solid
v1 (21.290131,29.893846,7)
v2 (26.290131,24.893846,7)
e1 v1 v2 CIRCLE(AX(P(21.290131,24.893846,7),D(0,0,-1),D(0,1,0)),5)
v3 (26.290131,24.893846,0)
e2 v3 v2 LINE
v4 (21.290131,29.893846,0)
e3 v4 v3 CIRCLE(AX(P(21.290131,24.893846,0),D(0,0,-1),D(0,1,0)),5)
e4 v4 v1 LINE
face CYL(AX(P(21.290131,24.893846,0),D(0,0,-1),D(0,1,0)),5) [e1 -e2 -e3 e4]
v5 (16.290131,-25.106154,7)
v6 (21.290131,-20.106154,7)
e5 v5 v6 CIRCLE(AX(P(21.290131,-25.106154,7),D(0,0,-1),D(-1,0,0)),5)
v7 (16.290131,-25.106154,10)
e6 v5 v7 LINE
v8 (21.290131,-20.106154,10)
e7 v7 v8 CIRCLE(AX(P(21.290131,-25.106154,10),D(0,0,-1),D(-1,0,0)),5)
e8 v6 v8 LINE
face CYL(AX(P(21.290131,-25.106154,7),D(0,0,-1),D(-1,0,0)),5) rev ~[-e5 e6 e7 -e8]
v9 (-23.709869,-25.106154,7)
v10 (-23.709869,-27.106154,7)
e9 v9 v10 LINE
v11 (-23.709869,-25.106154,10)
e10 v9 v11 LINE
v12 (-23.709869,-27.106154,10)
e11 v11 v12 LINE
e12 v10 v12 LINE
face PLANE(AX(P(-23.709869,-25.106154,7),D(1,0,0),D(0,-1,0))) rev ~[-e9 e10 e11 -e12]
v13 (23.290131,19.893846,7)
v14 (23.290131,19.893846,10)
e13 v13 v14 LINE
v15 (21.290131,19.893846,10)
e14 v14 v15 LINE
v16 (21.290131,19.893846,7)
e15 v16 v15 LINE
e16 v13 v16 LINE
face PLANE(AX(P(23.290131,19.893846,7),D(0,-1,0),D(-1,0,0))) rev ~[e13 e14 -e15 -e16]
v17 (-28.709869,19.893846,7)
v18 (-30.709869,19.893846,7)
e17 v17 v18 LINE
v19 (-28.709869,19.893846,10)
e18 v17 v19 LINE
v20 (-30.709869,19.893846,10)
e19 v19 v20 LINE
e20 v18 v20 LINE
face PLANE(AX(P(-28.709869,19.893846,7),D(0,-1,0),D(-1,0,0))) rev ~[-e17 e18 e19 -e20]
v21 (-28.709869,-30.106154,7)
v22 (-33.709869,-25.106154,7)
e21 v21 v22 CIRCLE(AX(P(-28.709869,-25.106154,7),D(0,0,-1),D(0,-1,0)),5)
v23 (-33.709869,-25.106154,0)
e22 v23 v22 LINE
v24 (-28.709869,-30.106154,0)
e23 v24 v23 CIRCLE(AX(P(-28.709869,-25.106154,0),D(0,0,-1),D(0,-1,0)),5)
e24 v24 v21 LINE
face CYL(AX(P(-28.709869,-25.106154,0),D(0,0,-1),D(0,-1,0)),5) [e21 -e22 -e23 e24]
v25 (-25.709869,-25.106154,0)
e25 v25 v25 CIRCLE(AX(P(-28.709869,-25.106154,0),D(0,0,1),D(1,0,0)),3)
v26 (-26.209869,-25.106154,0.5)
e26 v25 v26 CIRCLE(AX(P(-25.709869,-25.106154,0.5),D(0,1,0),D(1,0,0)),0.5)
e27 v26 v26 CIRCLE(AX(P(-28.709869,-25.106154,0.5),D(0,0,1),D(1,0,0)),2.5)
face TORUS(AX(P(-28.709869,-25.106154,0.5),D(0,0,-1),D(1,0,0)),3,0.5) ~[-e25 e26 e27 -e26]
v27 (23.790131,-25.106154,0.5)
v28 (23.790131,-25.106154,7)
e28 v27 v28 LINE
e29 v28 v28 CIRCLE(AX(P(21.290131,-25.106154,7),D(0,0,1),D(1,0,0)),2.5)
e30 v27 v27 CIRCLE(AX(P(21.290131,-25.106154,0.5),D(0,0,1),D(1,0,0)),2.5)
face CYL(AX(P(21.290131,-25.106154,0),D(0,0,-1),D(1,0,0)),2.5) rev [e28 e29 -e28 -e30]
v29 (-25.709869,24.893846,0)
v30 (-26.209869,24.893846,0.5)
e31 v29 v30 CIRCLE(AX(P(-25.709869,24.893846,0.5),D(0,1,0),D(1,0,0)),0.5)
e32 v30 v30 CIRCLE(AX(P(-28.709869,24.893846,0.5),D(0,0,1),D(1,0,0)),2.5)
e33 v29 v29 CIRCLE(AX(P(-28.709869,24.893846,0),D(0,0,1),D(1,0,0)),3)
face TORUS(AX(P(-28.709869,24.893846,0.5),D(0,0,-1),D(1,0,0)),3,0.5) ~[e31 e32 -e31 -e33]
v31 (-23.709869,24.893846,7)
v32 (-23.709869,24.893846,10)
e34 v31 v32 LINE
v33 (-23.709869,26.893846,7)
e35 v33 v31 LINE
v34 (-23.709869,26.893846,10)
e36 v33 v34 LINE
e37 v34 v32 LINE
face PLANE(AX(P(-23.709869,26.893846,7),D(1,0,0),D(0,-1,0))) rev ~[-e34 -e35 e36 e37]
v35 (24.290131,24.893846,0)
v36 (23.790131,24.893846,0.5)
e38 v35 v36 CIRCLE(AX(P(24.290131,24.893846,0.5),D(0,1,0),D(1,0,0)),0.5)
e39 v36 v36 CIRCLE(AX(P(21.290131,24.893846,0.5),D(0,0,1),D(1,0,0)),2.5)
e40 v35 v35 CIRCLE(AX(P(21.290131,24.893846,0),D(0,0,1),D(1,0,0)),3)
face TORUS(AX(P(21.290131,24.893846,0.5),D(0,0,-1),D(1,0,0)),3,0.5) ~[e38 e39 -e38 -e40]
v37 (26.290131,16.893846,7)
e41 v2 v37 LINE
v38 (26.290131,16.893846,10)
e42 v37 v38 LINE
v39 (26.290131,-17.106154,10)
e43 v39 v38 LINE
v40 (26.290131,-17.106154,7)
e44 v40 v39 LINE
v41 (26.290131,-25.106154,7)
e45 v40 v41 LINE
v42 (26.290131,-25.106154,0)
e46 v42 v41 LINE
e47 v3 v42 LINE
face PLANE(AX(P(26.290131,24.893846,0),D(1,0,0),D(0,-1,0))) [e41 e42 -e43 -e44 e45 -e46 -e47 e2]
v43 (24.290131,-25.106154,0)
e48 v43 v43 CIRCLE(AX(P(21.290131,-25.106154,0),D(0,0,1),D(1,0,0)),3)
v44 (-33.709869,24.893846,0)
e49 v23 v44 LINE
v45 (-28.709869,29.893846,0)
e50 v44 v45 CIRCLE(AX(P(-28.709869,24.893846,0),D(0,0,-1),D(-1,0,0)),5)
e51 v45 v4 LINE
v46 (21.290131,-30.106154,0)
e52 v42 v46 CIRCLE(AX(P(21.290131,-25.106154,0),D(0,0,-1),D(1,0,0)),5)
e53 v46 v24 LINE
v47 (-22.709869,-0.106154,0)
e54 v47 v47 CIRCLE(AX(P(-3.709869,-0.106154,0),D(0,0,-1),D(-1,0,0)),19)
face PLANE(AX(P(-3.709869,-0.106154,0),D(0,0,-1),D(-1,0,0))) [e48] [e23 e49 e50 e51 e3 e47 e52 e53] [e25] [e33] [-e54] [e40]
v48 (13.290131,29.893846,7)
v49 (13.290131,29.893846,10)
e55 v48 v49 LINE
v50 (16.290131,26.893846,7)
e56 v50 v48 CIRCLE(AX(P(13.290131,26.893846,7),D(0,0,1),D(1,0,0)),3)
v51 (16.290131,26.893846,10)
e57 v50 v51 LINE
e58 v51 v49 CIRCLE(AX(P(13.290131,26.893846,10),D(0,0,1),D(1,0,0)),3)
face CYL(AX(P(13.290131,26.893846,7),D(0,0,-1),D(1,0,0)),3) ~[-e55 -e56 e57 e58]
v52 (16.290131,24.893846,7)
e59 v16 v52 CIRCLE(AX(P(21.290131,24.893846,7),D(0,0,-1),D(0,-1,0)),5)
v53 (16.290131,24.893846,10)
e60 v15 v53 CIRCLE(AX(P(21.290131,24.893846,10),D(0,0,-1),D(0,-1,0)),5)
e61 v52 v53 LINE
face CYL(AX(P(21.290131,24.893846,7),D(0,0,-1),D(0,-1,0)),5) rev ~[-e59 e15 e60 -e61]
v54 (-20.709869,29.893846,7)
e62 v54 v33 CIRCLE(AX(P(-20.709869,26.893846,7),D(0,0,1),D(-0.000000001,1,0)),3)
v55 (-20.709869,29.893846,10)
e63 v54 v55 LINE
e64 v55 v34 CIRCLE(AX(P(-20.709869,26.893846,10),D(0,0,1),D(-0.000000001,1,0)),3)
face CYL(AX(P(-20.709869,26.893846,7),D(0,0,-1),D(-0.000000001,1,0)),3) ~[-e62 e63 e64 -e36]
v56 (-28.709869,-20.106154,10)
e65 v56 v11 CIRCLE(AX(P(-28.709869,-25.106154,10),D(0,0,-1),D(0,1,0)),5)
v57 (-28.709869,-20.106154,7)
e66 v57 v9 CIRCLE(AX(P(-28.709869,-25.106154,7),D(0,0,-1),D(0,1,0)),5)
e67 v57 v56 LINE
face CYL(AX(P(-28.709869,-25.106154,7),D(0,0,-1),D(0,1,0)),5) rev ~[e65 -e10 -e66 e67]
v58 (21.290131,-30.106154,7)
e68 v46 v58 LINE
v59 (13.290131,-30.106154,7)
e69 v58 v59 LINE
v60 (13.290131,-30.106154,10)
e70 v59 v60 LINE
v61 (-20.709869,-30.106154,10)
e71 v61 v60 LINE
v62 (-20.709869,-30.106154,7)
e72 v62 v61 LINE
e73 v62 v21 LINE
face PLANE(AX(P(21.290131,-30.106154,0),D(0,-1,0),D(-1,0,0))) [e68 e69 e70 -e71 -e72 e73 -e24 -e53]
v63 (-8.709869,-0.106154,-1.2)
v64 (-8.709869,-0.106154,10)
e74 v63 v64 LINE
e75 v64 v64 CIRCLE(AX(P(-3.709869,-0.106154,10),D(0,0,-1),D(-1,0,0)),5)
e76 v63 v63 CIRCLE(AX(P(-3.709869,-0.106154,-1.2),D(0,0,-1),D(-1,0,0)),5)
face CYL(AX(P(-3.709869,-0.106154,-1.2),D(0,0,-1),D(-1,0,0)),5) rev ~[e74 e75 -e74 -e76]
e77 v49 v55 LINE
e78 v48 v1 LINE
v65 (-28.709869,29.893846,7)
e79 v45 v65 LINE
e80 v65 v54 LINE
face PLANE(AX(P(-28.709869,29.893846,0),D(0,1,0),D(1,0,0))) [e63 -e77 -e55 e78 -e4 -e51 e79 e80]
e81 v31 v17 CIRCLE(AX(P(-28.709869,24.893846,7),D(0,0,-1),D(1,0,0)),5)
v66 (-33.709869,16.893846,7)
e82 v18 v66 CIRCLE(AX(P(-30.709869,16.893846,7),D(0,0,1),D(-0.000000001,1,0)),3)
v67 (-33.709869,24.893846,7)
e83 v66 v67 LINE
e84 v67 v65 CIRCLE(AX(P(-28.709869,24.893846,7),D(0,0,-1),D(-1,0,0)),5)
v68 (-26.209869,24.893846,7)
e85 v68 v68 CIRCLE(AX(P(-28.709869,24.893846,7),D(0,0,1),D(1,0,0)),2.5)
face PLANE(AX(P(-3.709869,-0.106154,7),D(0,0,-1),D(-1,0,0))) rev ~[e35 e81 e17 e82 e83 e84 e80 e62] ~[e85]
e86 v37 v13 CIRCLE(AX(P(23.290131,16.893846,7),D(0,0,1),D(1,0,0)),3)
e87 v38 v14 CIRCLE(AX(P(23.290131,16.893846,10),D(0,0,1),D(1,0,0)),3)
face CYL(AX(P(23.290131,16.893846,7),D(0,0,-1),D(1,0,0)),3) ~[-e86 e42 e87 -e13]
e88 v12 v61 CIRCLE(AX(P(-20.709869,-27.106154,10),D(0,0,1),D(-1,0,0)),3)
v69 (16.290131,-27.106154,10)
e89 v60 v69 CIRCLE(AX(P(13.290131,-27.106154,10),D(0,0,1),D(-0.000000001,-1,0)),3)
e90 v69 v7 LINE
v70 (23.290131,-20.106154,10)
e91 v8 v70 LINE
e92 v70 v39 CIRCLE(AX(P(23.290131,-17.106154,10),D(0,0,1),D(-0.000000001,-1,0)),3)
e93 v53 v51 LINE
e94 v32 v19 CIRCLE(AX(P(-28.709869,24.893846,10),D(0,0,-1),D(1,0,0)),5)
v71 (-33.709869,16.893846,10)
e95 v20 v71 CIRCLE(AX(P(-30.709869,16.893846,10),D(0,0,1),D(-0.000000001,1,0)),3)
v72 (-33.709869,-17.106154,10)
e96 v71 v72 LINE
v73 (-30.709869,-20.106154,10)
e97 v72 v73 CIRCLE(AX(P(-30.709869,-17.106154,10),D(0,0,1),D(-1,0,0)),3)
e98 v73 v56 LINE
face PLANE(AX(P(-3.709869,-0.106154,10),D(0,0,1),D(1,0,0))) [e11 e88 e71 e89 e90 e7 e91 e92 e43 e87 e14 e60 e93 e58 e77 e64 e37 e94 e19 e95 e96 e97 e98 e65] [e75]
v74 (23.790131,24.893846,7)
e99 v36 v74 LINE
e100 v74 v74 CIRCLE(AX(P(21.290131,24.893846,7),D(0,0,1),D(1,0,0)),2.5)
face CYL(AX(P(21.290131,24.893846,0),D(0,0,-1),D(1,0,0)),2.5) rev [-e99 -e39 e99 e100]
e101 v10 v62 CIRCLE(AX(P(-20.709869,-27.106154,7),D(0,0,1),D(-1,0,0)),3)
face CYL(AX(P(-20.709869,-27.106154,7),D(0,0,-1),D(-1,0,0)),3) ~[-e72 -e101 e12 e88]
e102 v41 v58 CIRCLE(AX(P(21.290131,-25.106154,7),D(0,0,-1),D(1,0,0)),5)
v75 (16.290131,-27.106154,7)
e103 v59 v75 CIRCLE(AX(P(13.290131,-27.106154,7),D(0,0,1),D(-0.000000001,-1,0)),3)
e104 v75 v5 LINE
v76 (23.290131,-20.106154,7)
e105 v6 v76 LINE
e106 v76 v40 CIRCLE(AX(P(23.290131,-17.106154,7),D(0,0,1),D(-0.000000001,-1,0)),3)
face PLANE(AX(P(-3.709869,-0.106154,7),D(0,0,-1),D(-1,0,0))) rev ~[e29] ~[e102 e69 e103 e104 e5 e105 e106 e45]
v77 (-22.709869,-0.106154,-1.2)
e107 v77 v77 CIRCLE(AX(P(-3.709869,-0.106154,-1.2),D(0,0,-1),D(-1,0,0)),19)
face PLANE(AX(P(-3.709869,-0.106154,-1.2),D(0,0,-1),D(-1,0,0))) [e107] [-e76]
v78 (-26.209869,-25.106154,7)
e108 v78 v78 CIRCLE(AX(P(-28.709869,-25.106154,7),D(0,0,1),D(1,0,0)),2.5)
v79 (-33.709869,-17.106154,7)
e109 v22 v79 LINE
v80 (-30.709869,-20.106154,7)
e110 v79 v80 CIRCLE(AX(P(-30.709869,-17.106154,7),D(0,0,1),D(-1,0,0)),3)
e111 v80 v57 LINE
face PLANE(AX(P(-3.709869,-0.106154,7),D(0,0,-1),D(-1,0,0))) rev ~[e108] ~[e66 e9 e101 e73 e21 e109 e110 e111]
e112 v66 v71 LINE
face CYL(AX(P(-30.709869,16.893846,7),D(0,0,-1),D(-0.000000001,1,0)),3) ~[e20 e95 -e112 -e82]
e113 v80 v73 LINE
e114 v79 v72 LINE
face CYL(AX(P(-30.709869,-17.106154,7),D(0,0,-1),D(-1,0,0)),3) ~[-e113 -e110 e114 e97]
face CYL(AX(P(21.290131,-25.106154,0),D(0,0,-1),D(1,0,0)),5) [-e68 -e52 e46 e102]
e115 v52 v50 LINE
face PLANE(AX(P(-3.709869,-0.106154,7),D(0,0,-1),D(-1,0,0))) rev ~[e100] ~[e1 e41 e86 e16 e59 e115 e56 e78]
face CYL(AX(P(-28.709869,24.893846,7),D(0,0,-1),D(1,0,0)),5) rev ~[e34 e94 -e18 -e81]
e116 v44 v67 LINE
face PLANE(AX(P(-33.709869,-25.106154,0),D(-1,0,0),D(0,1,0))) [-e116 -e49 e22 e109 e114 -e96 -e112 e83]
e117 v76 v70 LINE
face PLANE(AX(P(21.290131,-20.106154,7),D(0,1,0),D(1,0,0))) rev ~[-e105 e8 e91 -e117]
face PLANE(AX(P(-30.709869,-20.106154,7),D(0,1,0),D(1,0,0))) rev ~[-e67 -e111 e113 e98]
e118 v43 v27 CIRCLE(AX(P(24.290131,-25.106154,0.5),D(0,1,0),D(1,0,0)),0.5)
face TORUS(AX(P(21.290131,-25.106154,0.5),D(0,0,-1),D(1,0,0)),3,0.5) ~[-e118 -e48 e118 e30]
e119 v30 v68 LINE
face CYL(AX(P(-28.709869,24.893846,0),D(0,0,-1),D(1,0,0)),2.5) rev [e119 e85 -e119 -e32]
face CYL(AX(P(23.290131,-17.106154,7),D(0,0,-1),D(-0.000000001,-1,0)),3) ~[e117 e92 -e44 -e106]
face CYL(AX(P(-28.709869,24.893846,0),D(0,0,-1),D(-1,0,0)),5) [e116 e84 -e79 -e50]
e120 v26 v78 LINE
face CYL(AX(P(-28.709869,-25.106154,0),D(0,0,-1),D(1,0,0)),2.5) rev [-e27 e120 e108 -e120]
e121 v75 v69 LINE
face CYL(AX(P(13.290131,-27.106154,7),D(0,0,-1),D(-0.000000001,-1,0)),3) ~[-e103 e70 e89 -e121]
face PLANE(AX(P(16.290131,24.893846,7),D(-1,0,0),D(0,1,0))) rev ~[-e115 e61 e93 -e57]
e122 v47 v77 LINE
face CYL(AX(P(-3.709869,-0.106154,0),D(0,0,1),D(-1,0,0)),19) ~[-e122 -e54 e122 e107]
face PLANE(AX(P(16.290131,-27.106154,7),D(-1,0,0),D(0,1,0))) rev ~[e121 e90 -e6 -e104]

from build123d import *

# Parameters (mm, degrees)
IZIM1_R                     = 2.5
Y_KSEKLIK_EKSTR_ZYON1_DEPTH = 7
Y_KSEKLIK_EKSTR_ZYON2_DEPTH = 3
IZIM4_R                     = 19
Y_KSEKLIK_EKSTR_ZYON4_DEPTH = 1.2
RADYUS1_R                   = 0.5
IZIM6_R                     = 5
KES_EKSTR_ZYON2_DEPTH       = 12.2


with BuildPart() as part:
    # Çizim1 → Yükseklik-Ekstrüzyon1 (new body)
    with BuildSketch(Plane.XY):
        with BuildLine():
            Line((-28.709869289, 29.893846154), (21.290130711, 29.893846154))
            ThreePointArc((21.290130711, 29.893846154), (24.825664617, 28.42938006), (26.290130711, 24.893846154))
            Line((26.290130711, 24.893846154), (26.290130711, -25.106153846))
            ThreePointArc((26.290130711, -25.106153846), (24.825664617, -28.641687752), (21.290130711, -30.106153846))
            Line((21.290130711, -30.106153846), (-28.709869289, -30.106153846))
            ThreePointArc((-28.709869289, -30.106153846), (-32.245403195, -28.641687752), (-33.709869289, -25.106153846))
            Line((-33.709869289, -25.106153846), (-33.709869289, 24.893846154))
            ThreePointArc((-33.709869289, 24.893846154), (-32.245403195, 28.42938006), (-28.709869289, 29.893846154))
        make_face()
        with Locations((-28.709869289, 24.893846154)):
            Circle(IZIM1_R, mode=Mode.SUBTRACT)
        with Locations((21.290130711, 24.893846154)):
            Circle(IZIM1_R, mode=Mode.SUBTRACT)
        with Locations((21.290130711, -25.106153846)):
            Circle(IZIM1_R, mode=Mode.SUBTRACT)
        with Locations((-28.709869289, -25.106153846)):
            Circle(IZIM1_R, mode=Mode.SUBTRACT)
    extrude(amount=Y_KSEKLIK_EKSTR_ZYON1_DEPTH)

    # Çizim2 → Yükseklik-Ekstrüzyon2 (add)
    with BuildSketch(Plane.XY.offset(7)):
        with BuildLine():
            Line((13.290130711, 29.893846154), (-20.709869289, 29.893846154))
            ThreePointArc((-20.709869289, 29.893846154), (-22.831189632, 29.015166497), (-23.709869289, 26.893846154))
            Line((-23.709869289, 26.893846154), (-23.709869289, 24.893846154))
            ThreePointArc((-23.709869289, 24.893846154), (-25.174335383, 21.358312248), (-28.709869289, 19.893846154))
            Line((-28.709869289, 19.893846154), (-30.709869289, 19.893846154))
            ThreePointArc((-30.709869289, 19.893846154), (-32.831189632, 19.015166497), (-33.709869289, 16.893846154))
            Line((-33.709869289, 16.893846154), (-33.709869289, -17.106153846))
            ThreePointArc((-33.709869289, -17.106153846), (-32.831189632, -19.22747419), (-30.709869289, -20.106153846))
            Line((-30.709869289, -20.106153846), (-28.709869289, -20.106153846))
            ThreePointArc((-28.709869289, -20.106153846), (-25.174335383, -21.57061994), (-23.709869289, -25.106153846))
            Line((-23.709869289, -25.106153846), (-23.709869289, -27.106153846))
            ThreePointArc((-23.709869289, -27.106153846), (-22.831189632, -29.22747419), (-20.709869289, -30.106153846))
            Line((-20.709869289, -30.106153846), (13.290130711, -30.106153846))
            ThreePointArc((13.290130711, -30.106153846), (15.411451055, -29.22747419), (16.290130711, -27.106153846))
            Line((16.290130711, -27.106153846), (16.290130711, -25.106153846))
            ThreePointArc((16.290130711, -25.106153846), (17.754596805, -21.57061994), (21.290130711, -20.106153846))
            Line((21.290130711, -20.106153846), (23.290130711, -20.106153846))
            ThreePointArc((23.290130711, -20.106153846), (25.411451055, -19.22747419), (26.290130711, -17.106153846))
            Line((26.290130711, -17.106153846), (26.290130711, 16.893846154))
            ThreePointArc((26.290130711, 16.893846154), (25.411451055, 19.015166497), (23.290130711, 19.893846154))
            Line((23.290130711, 19.893846154), (21.290130711, 19.893846154))
            ThreePointArc((21.290130711, 19.893846154), (17.754596805, 21.358312248), (16.290130711, 24.893846154))
            Line((16.290130711, 24.893846154), (16.290130711, 26.893846154))
            ThreePointArc((16.290130711, 26.893846154), (15.411451055, 29.015166497), (13.290130711, 29.893846154))
        make_face()
    extrude(amount=Y_KSEKLIK_EKSTR_ZYON2_DEPTH)

    # Çizim4 → Yükseklik-Ekstrüzyon4 (add)
    with BuildSketch(Plane(origin=(0, 0, 0), x_dir=(-1, 0, 0), z_dir=(0, 0, -1))):
        with Locations((3.709869289, -0.106153846)):
            Circle(IZIM4_R)
    extrude(amount=Y_KSEKLIK_EKSTR_ZYON4_DEPTH)

    # Radyus1
    radyus1_edges = [part.edges().sort_by_distance(p)[0] for p in [
        (-31.209869289, 24.893846154, 0),
        (18.790130711, 24.893846154, 0),
        (18.790130711, -25.106153846, 0),
        (-31.209869289, -25.106153846, 0),
    ]]
    fillet(radyus1_edges, radius=RADYUS1_R)

    # Çizim6 → Kes-Ekstrüzyon2 (cut, through all)
    with BuildSketch(Plane(origin=(0, 0, -1.2), x_dir=(-1, 0, 0), z_dir=(0, 0, -1))):
        with Locations((3.709869289, -0.106153846)):
            Circle(IZIM6_R)
    extrude(amount=-KES_EKSTR_ZYON2_DEPTH, mode=Mode.SUBTRACT)


solid = part.part
